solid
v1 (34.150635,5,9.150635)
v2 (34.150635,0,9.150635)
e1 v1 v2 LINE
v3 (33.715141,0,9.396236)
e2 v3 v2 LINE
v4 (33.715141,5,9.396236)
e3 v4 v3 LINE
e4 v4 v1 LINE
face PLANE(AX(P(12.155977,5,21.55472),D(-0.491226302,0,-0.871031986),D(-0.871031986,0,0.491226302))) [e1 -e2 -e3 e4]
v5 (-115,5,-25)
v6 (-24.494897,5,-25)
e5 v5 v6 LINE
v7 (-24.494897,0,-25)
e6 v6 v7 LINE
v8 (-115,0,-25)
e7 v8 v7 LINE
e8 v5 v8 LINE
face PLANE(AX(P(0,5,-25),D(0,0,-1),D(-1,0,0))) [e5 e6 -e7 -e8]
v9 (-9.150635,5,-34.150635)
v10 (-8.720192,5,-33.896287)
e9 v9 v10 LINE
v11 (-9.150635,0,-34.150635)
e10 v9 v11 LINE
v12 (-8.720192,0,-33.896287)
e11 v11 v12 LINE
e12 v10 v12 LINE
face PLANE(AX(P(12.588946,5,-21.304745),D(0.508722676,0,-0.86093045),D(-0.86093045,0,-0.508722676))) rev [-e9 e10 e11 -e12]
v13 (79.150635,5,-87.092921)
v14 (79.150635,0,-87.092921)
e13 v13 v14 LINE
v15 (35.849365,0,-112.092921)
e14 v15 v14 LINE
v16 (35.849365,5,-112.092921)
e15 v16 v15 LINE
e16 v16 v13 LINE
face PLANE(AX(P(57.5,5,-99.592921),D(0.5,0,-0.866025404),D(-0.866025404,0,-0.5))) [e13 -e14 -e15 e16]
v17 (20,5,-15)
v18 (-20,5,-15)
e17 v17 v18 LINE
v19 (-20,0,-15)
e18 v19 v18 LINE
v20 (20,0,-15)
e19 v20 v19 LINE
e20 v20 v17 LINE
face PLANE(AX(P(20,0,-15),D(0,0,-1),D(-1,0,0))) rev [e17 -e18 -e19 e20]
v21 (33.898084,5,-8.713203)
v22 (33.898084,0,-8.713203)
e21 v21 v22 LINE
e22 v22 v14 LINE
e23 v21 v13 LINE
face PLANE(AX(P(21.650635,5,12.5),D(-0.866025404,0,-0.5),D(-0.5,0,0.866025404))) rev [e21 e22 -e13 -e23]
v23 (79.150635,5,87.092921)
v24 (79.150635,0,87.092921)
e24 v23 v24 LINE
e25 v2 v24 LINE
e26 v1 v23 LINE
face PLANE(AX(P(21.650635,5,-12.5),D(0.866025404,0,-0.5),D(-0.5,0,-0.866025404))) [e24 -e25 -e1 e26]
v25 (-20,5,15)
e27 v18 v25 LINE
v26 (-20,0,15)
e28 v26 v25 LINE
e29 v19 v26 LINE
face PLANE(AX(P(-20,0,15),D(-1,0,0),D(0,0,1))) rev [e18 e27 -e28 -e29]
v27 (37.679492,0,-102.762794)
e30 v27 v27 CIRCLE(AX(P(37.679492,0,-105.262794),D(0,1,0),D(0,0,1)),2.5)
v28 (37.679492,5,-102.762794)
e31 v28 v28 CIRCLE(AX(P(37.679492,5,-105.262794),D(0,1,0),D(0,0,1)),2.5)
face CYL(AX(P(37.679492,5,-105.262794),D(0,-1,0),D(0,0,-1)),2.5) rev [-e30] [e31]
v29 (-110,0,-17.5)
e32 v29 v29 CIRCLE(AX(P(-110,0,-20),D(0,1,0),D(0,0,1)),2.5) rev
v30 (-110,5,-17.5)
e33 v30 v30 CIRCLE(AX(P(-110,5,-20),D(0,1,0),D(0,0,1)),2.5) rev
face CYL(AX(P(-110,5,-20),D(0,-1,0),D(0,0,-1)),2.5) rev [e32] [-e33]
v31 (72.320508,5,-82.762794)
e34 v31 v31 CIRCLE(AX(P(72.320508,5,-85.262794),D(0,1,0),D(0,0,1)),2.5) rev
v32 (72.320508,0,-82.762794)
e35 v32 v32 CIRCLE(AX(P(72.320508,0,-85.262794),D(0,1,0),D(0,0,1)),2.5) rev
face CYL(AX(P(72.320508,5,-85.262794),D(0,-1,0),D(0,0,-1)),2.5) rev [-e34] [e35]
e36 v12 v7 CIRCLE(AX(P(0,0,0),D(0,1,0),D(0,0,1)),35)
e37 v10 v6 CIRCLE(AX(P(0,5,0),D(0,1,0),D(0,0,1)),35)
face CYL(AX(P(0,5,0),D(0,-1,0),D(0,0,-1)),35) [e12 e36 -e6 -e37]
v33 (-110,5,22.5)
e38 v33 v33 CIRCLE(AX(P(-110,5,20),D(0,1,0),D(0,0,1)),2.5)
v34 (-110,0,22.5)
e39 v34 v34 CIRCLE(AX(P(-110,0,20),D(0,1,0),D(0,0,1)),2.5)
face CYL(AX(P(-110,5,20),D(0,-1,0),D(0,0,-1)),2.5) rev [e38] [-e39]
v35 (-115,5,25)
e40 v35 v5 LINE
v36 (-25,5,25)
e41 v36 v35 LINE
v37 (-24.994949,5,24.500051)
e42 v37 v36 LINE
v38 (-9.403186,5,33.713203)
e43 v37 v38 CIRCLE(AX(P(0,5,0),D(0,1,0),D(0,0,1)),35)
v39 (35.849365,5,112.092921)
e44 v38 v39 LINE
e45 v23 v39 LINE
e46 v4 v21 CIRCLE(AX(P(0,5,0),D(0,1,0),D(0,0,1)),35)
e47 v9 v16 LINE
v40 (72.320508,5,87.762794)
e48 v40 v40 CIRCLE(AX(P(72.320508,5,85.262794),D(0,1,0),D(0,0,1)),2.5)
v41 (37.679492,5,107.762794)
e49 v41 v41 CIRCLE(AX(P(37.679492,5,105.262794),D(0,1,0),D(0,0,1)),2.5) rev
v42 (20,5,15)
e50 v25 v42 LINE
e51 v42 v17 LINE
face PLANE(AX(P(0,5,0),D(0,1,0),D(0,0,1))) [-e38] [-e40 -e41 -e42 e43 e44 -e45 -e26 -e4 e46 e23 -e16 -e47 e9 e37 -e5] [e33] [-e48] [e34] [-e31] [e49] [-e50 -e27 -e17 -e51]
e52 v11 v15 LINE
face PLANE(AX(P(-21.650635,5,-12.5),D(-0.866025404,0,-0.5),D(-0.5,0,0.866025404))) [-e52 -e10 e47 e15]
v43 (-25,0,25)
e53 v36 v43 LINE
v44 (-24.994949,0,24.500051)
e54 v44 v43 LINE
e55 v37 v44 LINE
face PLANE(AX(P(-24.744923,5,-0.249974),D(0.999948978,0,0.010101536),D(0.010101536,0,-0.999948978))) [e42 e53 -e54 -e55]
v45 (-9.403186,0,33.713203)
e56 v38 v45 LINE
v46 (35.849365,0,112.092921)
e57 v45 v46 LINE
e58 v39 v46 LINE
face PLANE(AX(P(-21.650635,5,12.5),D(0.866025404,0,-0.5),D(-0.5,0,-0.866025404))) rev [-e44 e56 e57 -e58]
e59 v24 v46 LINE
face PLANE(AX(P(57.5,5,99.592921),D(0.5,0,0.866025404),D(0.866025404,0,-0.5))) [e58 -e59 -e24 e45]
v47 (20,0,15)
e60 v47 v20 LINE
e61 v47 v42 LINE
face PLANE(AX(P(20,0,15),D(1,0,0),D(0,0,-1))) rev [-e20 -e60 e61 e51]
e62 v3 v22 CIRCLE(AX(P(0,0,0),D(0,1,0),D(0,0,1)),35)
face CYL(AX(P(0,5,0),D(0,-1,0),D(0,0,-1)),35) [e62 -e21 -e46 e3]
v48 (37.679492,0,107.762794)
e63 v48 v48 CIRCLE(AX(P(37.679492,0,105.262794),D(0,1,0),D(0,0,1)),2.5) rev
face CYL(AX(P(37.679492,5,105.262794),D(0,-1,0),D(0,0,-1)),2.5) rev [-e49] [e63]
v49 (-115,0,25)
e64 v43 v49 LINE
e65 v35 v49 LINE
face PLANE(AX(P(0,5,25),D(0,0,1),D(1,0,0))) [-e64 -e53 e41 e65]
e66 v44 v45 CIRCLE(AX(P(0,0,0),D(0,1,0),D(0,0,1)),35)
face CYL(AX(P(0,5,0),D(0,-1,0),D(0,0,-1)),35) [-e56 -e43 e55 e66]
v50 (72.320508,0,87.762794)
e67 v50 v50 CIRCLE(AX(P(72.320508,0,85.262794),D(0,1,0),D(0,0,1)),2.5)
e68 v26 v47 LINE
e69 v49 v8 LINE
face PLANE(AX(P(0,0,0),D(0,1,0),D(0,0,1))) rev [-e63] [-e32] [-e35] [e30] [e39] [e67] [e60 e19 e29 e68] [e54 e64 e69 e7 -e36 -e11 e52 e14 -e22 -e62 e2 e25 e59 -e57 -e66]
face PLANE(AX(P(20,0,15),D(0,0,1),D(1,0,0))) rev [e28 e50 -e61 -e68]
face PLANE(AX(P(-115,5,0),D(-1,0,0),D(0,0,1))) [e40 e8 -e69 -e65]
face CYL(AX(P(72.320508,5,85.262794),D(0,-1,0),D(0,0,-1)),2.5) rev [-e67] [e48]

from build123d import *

# Parameters (mm, degrees)
ESQUISSE3_R             = 2.5
BOSS_EXTRU_3_DEPTH      = 5
ESQUISSE4_W             = 40
ESQUISSE4_H             = 30
ENL_V_MAT_EXTRU_1_DEPTH = 161.669919512


with BuildPart() as part:
    # Esquisse3 → Boss.-Extru.3 (new body)
    with BuildSketch(Plane(origin=(0, 0, 0), x_dir=(1, 0, 0), z_dir=(0, 1, 0))):
        with BuildLine():
            Line((-115, -25), (-25, -25))
            Line((-25, -25), (-24.99494949, -24.500051021))
            ThreePointArc((-24.99494949, -24.500051021), (-17.805293657, -30.132565736), (-9.403186381, -33.713203436))
            Line((-9.403186381, -33.713203436), (35.849364905, -112.092921435))
            Line((35.849364905, -112.092921435), (79.150635095, -87.092921435))
            Line((79.150635095, -87.092921435), (34.150635095, -9.150635095))
            Line((34.150635095, -9.150635095), (33.715141323, -9.396235714))
            ThreePointArc((33.715141323, -9.396235714), (34.998214236, -0.353553761), (33.898083809, 8.713203436))
            Line((33.898083809, 8.713203436), (79.150635095, 87.092921435))
            Line((79.150635095, 87.092921435), (35.849364905, 112.092921435))
            Line((35.849364905, 112.092921435), (-9.150635095, 34.150635095))
            Line((-9.150635095, 34.150635095), (-8.720191833, 33.896286735))
            ThreePointArc((-8.720191833, 33.896286735), (-17.19292058, 30.486119496), (-24.494897428, 25))
            Line((-24.494897428, 25), (-115, 25))
            Line((-115, 25), (-115, -25))
        make_face()
        with Locations(Location((-110, -20, 0), (0, 0, 270))):
            Circle(ESQUISSE3_R, mode=Mode.SUBTRACT)
        with Locations(Location((-110, 20, 0), (0, 0, 270))):
            Circle(ESQUISSE3_R, mode=Mode.SUBTRACT)
        with Locations(Location((72.320508076, -85.262794416, 0), (0, 0, 270))):
            Circle(ESQUISSE3_R, mode=Mode.SUBTRACT)
        with Locations(Location((37.679491924, -105.262794416, 0), (0, 0, 270))):
            Circle(ESQUISSE3_R, mode=Mode.SUBTRACT)
        with Locations(Location((72.320508076, 85.262794416, 0), (0, 0, 270))):
            Circle(ESQUISSE3_R, mode=Mode.SUBTRACT)
        with Locations(Location((37.679491924, 105.262794416, 0), (0, 0, 270))):
            Circle(ESQUISSE3_R, mode=Mode.SUBTRACT)
    extrude(amount=BOSS_EXTRU_3_DEPTH)

    # Esquisse4 → Enlèv. mat.-Extru.1 (cut, through all)
    with BuildSketch(Plane(origin=(0, 5, 0), x_dir=(1, 0, 0), z_dir=(0, 1, 0))):
        Rectangle(ESQUISSE4_W, ESQUISSE4_H)
    extrude(amount=-ENL_V_MAT_EXTRU_1_DEPTH, mode=Mode.SUBTRACT)


solid = part.part
